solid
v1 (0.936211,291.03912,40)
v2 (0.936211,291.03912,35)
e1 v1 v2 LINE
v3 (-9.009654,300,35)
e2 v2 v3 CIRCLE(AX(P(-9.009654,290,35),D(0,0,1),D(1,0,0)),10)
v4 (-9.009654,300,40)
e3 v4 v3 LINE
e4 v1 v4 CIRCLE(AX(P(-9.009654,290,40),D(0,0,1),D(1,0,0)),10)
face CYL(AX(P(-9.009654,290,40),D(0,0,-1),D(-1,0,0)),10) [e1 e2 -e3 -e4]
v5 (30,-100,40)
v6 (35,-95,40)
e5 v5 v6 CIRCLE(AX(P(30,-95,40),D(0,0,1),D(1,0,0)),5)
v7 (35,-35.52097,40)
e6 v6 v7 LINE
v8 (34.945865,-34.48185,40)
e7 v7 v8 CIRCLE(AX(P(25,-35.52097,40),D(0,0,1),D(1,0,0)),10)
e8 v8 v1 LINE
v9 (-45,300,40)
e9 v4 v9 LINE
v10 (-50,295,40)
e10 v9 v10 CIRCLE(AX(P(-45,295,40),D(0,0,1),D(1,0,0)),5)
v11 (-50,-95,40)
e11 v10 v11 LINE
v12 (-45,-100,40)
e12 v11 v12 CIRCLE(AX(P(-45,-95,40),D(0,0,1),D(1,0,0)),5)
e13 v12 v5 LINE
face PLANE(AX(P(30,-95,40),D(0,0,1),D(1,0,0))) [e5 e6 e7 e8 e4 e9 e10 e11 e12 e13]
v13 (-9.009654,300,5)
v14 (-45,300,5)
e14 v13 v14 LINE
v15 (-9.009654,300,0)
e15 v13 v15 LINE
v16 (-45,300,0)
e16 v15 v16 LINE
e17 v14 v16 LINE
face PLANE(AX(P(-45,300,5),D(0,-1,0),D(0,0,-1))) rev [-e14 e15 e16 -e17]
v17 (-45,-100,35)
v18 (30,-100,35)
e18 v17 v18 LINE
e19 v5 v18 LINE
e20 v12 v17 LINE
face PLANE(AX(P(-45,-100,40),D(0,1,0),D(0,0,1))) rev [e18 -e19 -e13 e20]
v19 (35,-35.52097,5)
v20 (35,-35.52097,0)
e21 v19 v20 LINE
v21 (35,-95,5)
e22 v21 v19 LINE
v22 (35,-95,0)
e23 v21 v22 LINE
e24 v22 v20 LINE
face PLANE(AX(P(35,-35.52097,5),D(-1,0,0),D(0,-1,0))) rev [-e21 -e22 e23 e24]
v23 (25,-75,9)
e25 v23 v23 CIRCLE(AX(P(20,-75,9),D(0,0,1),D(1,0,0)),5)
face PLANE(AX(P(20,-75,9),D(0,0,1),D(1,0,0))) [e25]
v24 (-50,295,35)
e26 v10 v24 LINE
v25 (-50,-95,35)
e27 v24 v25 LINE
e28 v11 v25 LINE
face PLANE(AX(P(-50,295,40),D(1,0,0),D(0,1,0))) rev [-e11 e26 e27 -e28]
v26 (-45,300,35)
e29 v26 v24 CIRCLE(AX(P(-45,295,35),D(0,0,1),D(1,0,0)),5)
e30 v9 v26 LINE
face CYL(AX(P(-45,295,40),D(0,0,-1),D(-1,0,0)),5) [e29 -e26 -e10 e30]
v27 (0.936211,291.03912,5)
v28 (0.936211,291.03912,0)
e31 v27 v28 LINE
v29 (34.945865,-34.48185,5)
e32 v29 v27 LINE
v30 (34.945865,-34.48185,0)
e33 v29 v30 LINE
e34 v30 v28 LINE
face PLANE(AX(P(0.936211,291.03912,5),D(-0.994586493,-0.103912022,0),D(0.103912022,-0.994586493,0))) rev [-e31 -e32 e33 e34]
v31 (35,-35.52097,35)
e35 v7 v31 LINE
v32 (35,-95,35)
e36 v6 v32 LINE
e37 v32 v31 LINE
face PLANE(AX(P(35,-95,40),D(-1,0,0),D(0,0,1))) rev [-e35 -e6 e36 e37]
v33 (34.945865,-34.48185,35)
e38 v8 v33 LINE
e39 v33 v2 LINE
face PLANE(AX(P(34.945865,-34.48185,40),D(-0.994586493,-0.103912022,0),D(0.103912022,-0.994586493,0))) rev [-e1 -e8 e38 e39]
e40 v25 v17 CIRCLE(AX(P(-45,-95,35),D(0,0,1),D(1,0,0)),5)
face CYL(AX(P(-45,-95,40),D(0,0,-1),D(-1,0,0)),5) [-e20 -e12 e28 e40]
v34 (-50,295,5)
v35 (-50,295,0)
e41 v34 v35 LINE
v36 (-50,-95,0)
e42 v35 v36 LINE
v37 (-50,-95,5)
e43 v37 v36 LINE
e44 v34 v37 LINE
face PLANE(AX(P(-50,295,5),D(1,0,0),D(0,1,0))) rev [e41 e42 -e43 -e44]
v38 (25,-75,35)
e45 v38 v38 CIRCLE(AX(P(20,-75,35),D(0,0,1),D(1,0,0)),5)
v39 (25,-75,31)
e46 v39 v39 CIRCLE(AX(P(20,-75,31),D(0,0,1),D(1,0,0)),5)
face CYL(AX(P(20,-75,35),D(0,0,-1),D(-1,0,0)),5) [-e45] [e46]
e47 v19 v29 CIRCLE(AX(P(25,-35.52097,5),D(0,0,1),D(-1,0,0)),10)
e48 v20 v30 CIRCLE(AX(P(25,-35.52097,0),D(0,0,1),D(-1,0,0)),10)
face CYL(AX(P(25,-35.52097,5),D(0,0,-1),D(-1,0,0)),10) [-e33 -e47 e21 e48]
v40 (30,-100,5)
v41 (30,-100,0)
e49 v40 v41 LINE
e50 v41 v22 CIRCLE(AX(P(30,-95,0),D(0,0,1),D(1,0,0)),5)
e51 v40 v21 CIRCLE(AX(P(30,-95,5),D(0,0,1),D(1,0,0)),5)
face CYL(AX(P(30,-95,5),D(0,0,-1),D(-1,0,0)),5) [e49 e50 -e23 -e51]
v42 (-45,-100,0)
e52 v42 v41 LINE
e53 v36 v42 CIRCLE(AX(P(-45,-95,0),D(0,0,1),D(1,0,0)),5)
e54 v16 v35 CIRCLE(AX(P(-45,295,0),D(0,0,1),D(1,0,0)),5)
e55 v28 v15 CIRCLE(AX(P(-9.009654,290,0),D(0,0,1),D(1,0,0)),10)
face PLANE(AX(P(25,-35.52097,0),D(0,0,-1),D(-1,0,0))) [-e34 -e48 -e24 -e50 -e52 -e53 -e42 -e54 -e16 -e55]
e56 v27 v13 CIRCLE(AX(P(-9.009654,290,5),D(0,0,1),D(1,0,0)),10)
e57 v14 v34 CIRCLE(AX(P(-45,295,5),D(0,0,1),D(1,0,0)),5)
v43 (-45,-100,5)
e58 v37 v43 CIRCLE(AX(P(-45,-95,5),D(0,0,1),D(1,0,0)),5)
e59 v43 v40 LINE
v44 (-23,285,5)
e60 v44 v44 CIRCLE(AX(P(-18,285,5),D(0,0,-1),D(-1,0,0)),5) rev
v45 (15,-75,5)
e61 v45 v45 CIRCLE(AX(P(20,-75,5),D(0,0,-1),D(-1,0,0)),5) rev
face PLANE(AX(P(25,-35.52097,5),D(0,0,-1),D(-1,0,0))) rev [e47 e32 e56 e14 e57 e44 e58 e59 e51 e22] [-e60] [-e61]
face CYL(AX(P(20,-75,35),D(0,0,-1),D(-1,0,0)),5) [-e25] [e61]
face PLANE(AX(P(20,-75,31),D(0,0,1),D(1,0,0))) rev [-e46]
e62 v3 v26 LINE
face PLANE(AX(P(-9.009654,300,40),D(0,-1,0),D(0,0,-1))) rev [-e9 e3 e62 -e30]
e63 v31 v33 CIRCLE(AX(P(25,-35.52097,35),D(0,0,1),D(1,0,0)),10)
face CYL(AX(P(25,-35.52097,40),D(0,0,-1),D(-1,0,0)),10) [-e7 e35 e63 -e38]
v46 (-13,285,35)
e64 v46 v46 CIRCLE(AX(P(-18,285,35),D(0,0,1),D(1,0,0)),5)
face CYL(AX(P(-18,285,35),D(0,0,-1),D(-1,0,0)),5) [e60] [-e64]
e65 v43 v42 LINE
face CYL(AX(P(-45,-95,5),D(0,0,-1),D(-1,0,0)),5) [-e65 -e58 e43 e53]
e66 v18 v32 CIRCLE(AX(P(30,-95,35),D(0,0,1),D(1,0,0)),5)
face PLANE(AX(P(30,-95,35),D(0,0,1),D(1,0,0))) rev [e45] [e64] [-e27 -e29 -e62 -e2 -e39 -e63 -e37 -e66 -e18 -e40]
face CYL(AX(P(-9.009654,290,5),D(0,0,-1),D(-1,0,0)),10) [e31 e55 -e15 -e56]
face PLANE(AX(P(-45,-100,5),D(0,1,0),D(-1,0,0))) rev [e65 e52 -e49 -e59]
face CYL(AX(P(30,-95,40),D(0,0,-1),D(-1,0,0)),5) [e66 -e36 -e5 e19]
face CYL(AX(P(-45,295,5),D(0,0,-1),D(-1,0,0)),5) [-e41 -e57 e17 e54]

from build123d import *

# Parameters (mm, degrees)
BOSS_EXTRUDE1_DEPTH     = 5
SKETCH3_R               = 5
BOSS_EXTRUDE2_DEPTH     = 30
BOSS_EXTRUDE3_DEPTH     = 5
CUT_EXTRUDE3_DEPTH      = 11
CUT_EXTRUDE3_DEPTH_BACK = 11
SKETCH5_R               = 5


with BuildPart() as part:
    # Sketch2 → Boss-Extrude1 (new body)
    with BuildSketch(Plane.XY):
        with BuildLine():
            Line((0.936211321, 291.039120216), (34.945864928, -34.48185003))
            ThreePointArc((34.945864928, -34.48185003), (34.986457062, -35.000705547), (35, -35.520970246))
            Line((35, -35.520970246), (35, -95))
            ThreePointArc((35, -95), (33.535533906, -98.535533906), (30, -100))
            Line((30, -100), (-45, -100))
            ThreePointArc((-45, -100), (-48.535533906, -98.535533906), (-50, -95))
            Line((-50, -95), (-50, 295))
            ThreePointArc((-50, 295), (-48.535533906, 298.535533906), (-45, 300))
            Line((-45, 300), (-9.009653608, 300))
            ThreePointArc((-9.009653608, 300), (-2.316044797, 297.429374205), (0.936211321, 291.039120216))
        make_face()
    extrude(amount=BOSS_EXTRUDE1_DEPTH)

    # Sketch3 → Boss-Extrude2 (add)
    with BuildSketch(Plane.XY.offset(5)):
        with Locations(Location((-18, 285, 0), (0, 0, 180))):
            Circle(SKETCH3_R)
        with Locations(Location((20, -75, 0), (0, 0, 180))):
            Circle(SKETCH3_R)
    extrude(amount=BOSS_EXTRUDE2_DEPTH)

    # Sketch4 → Boss-Extrude3 (add)
    with BuildSketch(Plane.XY.offset(35)):
        with BuildLine():
            Line((35, -95), (35, -35.520970246))
            ThreePointArc((35, -35.520970246), (34.986457062, -35.000705547), (34.945864928, -34.48185003))
            Line((34.945864928, -34.48185003), (0.936211321, 291.039120216))
            ThreePointArc((0.936211321, 291.039120216), (-2.316044797, 297.429374205), (-9.009653608, 300))
            Line((-9.009653608, 300), (-45, 300))
            ThreePointArc((-45, 300), (-48.535533906, 298.535533906), (-50, 295))
            Line((-50, 295), (-50, -95))
            ThreePointArc((-50, -95), (-48.535533906, -98.535533906), (-45, -100))
            Line((-45, -100), (30, -100))
            ThreePointArc((30, -100), (33.535533906, -98.535533906), (35, -95))
        make_face()
    extrude(amount=BOSS_EXTRUDE3_DEPTH)

    # Sketch5 → Cut-Extrude3 (cut, two sides: drawn at the far end of the back side and taken through both)
    with BuildSketch(Plane.XY.offset(20).offset(-CUT_EXTRUDE3_DEPTH_BACK)):
        with Locations(Location((20, -75, 0), (0, 0, 180))):
            Circle(SKETCH5_R)
    extrude(amount=CUT_EXTRUDE3_DEPTH + CUT_EXTRUDE3_DEPTH_BACK, mode=Mode.SUBTRACT)


solid = part.part
